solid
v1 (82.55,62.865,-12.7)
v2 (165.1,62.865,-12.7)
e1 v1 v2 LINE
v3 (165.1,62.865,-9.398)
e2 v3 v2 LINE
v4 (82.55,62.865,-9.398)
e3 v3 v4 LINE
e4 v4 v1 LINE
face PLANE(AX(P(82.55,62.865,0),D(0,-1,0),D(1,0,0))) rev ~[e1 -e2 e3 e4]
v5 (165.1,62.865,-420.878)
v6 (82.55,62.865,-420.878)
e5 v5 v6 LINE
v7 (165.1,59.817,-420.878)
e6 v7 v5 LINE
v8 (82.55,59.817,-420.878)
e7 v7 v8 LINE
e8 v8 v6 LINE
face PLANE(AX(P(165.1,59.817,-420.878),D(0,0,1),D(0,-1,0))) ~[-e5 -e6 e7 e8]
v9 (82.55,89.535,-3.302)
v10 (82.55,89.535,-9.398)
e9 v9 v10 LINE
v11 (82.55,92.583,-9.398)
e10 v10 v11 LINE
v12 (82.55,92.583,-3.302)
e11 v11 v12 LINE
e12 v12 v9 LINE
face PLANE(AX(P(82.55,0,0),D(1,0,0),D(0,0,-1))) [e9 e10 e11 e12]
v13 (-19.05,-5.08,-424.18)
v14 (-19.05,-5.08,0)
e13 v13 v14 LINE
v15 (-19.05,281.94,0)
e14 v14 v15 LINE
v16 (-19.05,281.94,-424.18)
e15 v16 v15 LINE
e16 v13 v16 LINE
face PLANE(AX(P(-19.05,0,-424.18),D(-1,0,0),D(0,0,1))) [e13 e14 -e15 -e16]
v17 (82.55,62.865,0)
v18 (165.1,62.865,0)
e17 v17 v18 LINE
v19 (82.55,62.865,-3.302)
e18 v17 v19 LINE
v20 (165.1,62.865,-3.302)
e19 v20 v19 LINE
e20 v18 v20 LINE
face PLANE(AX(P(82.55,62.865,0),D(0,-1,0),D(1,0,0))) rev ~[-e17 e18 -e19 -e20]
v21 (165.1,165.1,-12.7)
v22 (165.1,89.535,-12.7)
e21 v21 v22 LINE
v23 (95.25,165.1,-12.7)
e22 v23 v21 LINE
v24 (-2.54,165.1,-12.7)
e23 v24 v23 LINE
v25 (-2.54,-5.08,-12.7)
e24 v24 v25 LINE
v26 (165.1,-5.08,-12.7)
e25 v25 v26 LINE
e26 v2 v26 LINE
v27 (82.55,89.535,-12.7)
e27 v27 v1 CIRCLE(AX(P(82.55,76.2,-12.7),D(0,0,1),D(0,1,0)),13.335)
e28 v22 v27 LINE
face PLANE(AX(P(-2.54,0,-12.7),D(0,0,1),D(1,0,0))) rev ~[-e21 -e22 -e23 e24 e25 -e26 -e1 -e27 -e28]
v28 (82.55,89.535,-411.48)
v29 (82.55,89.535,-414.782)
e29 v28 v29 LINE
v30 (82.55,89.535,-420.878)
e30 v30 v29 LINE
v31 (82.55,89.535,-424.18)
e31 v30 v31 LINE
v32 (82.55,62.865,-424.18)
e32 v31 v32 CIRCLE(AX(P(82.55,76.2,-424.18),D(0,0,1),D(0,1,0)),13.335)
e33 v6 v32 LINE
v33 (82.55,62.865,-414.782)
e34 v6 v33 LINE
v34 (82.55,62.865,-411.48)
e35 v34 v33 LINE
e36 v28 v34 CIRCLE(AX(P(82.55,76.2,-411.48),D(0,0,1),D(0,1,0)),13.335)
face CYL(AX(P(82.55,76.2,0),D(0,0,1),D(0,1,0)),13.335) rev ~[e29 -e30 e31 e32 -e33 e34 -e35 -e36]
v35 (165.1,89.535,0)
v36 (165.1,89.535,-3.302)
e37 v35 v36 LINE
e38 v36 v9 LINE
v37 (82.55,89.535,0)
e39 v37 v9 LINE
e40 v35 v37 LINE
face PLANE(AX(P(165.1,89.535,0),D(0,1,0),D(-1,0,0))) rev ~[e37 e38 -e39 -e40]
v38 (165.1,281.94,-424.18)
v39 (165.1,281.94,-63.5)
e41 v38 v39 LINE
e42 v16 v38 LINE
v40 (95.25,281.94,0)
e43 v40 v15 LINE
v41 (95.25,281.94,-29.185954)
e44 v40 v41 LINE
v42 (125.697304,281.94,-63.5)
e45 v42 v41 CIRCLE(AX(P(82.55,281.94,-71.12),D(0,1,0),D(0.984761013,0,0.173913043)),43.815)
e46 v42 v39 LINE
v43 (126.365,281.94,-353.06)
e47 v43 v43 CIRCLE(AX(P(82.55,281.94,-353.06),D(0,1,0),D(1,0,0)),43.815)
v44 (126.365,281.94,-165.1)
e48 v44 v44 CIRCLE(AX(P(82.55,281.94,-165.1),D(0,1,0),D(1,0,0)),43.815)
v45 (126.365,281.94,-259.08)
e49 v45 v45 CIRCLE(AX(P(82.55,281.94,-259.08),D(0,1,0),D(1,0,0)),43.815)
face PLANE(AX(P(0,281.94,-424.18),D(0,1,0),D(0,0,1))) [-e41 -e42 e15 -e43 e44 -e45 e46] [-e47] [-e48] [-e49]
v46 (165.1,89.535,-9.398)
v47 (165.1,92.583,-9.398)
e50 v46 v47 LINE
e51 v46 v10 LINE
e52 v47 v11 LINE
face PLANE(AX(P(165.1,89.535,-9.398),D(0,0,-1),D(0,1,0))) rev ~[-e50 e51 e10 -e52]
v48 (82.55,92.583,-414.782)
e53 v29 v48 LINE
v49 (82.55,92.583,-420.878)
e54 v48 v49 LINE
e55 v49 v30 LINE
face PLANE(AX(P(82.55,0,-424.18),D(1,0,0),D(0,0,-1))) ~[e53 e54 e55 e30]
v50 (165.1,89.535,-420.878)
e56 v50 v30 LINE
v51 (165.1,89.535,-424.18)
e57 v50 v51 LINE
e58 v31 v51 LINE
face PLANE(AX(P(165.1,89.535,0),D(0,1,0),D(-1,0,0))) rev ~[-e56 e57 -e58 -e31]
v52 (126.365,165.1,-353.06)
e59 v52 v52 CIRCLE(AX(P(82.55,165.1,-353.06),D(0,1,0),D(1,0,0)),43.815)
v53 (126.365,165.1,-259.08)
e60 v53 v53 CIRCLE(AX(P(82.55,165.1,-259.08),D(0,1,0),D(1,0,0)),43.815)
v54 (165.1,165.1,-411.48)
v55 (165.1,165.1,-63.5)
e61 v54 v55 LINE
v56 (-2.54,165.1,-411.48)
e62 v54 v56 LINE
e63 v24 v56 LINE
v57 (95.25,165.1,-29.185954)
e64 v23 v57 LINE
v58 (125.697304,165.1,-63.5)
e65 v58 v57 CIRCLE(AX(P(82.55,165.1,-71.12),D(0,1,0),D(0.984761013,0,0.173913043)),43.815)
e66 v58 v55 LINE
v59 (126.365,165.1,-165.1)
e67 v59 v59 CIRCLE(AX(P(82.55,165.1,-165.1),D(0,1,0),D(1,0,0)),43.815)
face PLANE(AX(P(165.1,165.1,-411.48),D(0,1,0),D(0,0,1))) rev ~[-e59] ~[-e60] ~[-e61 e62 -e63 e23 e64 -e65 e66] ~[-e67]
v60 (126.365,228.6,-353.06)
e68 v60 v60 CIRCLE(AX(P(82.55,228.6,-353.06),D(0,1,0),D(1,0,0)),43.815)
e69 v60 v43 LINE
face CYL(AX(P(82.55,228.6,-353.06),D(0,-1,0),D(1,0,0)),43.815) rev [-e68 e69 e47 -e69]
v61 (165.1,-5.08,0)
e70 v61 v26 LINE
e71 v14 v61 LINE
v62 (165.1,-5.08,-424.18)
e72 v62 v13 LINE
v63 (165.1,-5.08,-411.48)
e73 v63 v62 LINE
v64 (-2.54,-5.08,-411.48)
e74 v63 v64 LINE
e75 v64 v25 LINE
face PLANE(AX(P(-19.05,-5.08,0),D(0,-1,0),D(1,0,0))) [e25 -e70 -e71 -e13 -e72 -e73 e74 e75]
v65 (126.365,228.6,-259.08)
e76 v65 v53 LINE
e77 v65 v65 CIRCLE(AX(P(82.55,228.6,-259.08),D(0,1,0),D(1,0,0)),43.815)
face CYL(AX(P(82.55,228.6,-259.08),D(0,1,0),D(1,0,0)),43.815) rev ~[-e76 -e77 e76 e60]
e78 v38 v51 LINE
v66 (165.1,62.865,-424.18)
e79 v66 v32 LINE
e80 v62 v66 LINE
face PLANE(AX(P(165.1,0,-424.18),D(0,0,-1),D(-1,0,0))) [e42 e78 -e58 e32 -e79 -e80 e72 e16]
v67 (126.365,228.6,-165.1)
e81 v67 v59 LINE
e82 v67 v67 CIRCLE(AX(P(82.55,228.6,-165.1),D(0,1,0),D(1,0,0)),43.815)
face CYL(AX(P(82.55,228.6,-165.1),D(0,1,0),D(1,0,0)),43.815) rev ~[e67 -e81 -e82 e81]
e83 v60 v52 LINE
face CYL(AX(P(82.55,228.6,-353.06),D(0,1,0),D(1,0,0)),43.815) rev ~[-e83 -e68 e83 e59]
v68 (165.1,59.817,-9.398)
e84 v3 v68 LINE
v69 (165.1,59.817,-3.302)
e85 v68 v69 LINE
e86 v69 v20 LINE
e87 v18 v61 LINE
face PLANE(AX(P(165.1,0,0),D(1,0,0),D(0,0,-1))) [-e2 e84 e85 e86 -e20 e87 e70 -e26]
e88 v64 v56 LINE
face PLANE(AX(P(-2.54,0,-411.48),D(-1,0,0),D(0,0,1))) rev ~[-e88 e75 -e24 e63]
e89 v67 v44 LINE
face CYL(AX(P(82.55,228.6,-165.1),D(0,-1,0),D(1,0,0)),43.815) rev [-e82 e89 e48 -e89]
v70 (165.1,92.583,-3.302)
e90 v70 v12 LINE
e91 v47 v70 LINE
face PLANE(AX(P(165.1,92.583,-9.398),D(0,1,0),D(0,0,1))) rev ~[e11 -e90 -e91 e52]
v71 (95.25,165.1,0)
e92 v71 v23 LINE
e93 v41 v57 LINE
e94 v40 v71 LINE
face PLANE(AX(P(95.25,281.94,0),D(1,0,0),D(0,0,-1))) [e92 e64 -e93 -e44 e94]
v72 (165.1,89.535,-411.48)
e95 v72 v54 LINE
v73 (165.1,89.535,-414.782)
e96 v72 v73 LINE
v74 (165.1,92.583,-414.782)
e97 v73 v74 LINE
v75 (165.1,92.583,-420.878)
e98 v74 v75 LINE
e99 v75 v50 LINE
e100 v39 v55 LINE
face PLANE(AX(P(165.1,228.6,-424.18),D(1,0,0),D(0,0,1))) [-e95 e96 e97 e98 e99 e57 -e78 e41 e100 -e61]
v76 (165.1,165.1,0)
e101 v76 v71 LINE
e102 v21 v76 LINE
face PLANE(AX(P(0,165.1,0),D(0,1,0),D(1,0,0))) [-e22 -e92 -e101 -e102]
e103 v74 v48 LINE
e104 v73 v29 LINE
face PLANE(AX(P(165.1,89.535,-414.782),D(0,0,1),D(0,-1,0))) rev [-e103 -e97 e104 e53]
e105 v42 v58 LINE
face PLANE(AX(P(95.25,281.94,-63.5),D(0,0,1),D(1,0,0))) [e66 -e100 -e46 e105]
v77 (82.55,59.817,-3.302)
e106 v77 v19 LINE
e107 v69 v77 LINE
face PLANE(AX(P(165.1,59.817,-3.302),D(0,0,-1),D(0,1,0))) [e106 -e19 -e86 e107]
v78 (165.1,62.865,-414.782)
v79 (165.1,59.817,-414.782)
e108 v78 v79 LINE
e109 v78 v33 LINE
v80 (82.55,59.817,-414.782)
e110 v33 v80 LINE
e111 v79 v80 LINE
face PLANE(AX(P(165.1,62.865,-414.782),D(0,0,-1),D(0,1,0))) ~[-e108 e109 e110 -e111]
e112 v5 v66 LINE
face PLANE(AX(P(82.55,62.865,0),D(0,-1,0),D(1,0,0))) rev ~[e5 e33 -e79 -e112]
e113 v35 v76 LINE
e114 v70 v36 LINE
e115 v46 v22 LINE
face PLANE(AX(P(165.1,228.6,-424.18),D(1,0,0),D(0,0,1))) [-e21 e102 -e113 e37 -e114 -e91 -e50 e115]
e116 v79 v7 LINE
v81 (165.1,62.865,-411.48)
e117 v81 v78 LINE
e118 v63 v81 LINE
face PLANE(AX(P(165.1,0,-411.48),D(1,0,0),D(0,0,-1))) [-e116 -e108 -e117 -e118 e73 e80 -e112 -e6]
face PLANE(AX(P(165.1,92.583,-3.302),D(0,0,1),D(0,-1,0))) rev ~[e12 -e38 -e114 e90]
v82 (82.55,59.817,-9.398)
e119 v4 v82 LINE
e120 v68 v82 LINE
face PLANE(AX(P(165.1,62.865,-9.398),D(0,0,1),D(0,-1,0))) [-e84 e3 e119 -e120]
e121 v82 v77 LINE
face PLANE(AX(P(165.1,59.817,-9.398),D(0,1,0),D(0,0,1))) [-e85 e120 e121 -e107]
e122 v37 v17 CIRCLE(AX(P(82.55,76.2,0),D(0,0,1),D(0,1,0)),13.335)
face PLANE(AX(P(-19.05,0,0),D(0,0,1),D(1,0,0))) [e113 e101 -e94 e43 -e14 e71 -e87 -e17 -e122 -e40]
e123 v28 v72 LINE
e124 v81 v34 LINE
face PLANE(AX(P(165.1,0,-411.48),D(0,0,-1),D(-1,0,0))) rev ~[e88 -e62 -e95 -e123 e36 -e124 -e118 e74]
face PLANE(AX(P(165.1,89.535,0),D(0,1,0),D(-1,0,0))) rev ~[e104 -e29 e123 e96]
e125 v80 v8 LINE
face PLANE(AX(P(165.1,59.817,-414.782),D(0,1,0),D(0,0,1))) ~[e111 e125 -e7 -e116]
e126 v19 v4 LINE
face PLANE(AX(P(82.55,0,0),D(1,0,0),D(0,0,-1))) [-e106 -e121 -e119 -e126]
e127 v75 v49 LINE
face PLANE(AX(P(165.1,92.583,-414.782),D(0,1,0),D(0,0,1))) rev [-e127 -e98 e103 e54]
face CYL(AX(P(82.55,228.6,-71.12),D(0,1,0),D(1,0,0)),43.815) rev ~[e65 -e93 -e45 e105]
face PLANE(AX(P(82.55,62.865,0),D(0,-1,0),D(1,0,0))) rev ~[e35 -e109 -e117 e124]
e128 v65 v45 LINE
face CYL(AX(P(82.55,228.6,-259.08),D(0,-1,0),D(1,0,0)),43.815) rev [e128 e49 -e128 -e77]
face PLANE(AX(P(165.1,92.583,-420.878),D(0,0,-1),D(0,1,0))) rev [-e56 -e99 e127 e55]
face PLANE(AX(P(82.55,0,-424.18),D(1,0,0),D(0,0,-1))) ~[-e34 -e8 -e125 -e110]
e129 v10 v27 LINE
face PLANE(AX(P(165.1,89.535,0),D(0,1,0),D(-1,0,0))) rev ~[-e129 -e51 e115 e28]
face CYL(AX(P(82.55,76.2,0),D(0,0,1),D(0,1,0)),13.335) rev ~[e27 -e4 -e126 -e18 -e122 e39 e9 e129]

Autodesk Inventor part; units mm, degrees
ref_plane "YZ Plane" through (0, 0, 0) normal (1, 0, 0) x (0, 1, 0)
ref_plane "XZ Plane" through (0, 0, 0) normal (0, 1, 0) x (-1, 0, 0)
sketch "Sketch1" plane through (0, 0, 0) normal (1, 0, 0) x (0, 1, 0)
  line L0 (0, 0) -> (228.6, 0)
  line L1 (228.6, 0) -> (228.6, -424.18)
  line L2 (228.6, -424.18) -> (0, -424.18)
  line L3 (0, -424.18) -> (0, 0)
  point P0 (0, 0)
  dimension "d0" = 424.18
  dimension "d1" = 228.6
extrude "Extrusion1" add sketch "Sketch1" along normal blind 165.1
sketch "Sketch2" plane through (165.1, 0, 0) normal (1, 0, 0) x (0, 0, -1)
  line L0 (0, 0) -> (424.18, 0) construction
  line L1 (12.7, 0) -> (411.48, 0)
  line L2 (411.48, 0) -> (411.48, 165.1)
  line L3 (411.48, 165.1) -> (12.7, 165.1)
  line L4 (12.7, 165.1) -> (12.7, 0)
  line L5 (0, 228.6) -> (0, 0) construction
  line L6 (424.18, 0) -> (424.18, 228.6) construction
  dimension "d4" = 398.78
  dimension "d5" = 165.1
  dimension "d6" = 12.7
  dimension "d7" = 12.7
extrude "Extrusion2" cut sketch "Sketch2" against normal blind 148.59
sketch "Sketch3" plane through (0, 0, 0) normal (0, 0, 1) x (1, 0, 0)
  line L0 (165.1, 228.6) -> (165.1, 0) projected
  line L1 (165.1, 89.535) -> (82.55, 89.535)
  line L2 (69.215, 89.535) -> (69.215, 62.865) construction
  line L3 (82.55, 62.865) -> (165.1, 62.865)
  line L4 (165.1, 62.865) -> (165.1, 89.535)
  line L5 (0, 0) -> (165.1, 0) projected
  arc A0 (82.55, 89.535) -> (82.55, 62.865) centre (82.55, 76.2) ccw
  dimension "d10" = 95.885
  dimension "d11" = 26.67
  dimension "d12" = 62.865
extrude "Extrusion3" cut sketch "Sketch3" against normal blind 457.2
sketch "Sketch4" plane through (0, 228.6, 0) normal (0, 1, 0) x (1, 0, 0)
  line L0 (165.1, 12.7) -> (165.1, 411.48) construction
  line L1 (165.1, 12.7) -> (16.51, 12.7) construction
  line L2 (16.51, 12.7) -> (16.51, 411.48) construction
  line L3 (165.1, 411.48) -> (16.51, 411.48) construction
  line L4 (0, 424.18) -> (165.1, 424.18) construction
  line L5 (0, 424.18) -> (165.1, 424.18) construction
  circle A0 centre (82.55, 353.06) radius 43.815
  line L6 (0, 0) -> (0, 424.18) construction
  circle A1 centre (82.55, 259.08) radius 43.815
  line L7 (0, 212.09) -> (165.1, 212.09) construction
  line L8 (165.1, 424.18) -> (165.1, 0) construction
  circle A2 centre (82.55, 71.12) radius 43.815
  circle A3 centre (82.55, 165.1) radius 43.815
  dimension "d15" = 87.63
  dimension "d16" = 82.55
  dimension "d17" = 58.42
  dimension "d18" = 87.63
  dimension "d19" = 93.98
  dimension "d20" = 82.55
extrude "Extrusion4" cut sketch "Sketch4" against normal blind 76.2
sketch "Sketch5" plane through (0, 228.6, 0) normal (0, 1, 0) x (1, 0, 0)
  circle A0 centre (82.55, 165.1) radius 43.815 projected
  circle A1 centre (82.55, 353.06) radius 43.815 projected
  circle A2 centre (82.55, 259.08) radius 43.815 projected
  circle A3 centre (82.55, 71.12) radius 43.815 projected
  line L0 (0, 0) -> (0, 424.18) projected
  line L1 (0, 0) -> (165.1, 0) projected
  line L2 (165.1, 424.18) -> (165.1, 0) projected
  line L3 (0, 424.18) -> (165.1, 424.18) projected
  point P0 (0, 0)
extrude "Extrusion5" add sketch "Sketch5" along normal blind 53.34
sketch "Sketch7" plane through (0, 0, 0) normal (-1, 0, 0) x (0, 0, 1)
  line L0 (0, 0) -> (0, 281.94) projected
  line L1 (-424.18, 281.94) -> (0, 281.94) projected
  line L2 (-424.18, 281.94) -> (-424.18, 0) projected
  line L3 (-424.18, 0) -> (0, 0) projected
  point P0 (0, 0)
extrude "Extrusion6" add sketch "Sketch7" along normal blind 19.05
sketch "Sketch8" plane through (16.51, 0, 0) normal (1, 0, 0) x (0, 0, -1)
  line L0 (411.48, 0) -> (12.7, 0) projected
  line L1 (411.48, 165.1) -> (411.48, 0) projected
  line L2 (12.7, 165.1) -> (411.48, 165.1) projected
  line L3 (12.7, 0) -> (12.7, 165.1) projected
  point P0 (0, 0)
extrude "Extrusion7" cut sketch "Sketch8" against normal blind 19.05
sketch "Sketch12" plane through (165.1, 0, 0) normal (1, 0, 0) x (0, 0, -1)
  line L0 (0, 89.535) -> (12.7, 89.535) construction
  line L1 (3.302, 89.535) -> (9.398, 89.535)
  line L2 (9.398, 89.535) -> (9.398, 92.583)
  line L3 (9.398, 92.583) -> (3.302, 92.583)
  line L4 (3.302, 92.583) -> (3.302, 89.535)
  line L5 (0, 89.535) -> (0, 281.94) construction
  line L6 (12.7, 89.535) -> (12.7, 62.865) construction
  line L7 (0, 89.535) -> (12.7, 89.535) construction
  line L8 (0, 62.865) -> (0, 89.535) construction
  line L9 (0, 62.865) -> (12.7, 62.865) construction
  line L10 (0, 62.865) -> (0, 89.535) construction
  line L11 (0, 76.2) -> (12.7, 76.2) construction
  line L12 (3.302, 62.865) -> (9.398, 62.865)
  line L13 (9.398, 62.865) -> (9.398, 59.817)
  line L14 (9.398, 59.817) -> (3.302, 59.817)
  line L15 (3.302, 59.817) -> (3.302, 62.865)
  point P0 (0, 0)
  dimension "d44" = 6.096
  dimension "d45" = 3.048
  dimension "d46" = 3.302
extrude "Extrusion11" cut sketch "Sketch12" against normal blind 82.55
sketch "Sketch13" plane through (-19.05, 0, 0) normal (0, -1, 0) x (1, 0, 0)
  line L0 (16.51, -12.7) -> (184.15, -12.7) projected
  line L1 (184.15, 0) -> (184.15, -12.7) projected
  line L2 (0, 0) -> (184.15, 0) projected
  line L3 (0, -424.18) -> (0, 0) projected
  line L4 (184.15, -424.18) -> (0, -424.18) projected
  line L5 (184.15, -411.48) -> (184.15, -424.18) projected
  line L6 (184.15, -411.48) -> (16.51, -411.48) projected
  line L7 (16.51, -411.48) -> (16.51, -12.7) projected
  point P0 (19.05, 0)
extrude "Extrusion12" add sketch "Sketch13" along normal blind 5.08
ref_plane "Work Plane1" through (82.55, 89.535, -212.09) normal (0, 0, 1) x (1, 0, 0)
mirror "Mirror1" about plane through (82.55, 89.535, -212.09) normal (0, 0, 1) of "Extrusion11"
sketch "Sketch21" plane through (0, 281.94, 0) normal (0, 1, 0) x (1, 0, 0)
  line L0 (165.1, 0) -> (95.25, 0)
  line L1 (95.25, 0) -> (95.25, 63.5)
  line L2 (95.25, 63.5) -> (165.1, 63.5)
  line L3 (165.1, 63.5) -> (165.1, 0)
  point P0 (0, 0)
  point P1 (165.1, 0)
  dimension "d70" = 63.5
  dimension "d71" = 69.85
extrude "Extrusion18" cut sketch "Sketch21" against normal blind 116.84
sketch "Sketch9" plane through (0, 281.94, 0) normal (0, 1, 0) x (1, 0, 0)
  line L0 (146.05, 19.05) -> (146.05, 405.13)
  line L1 (0, 405.13) -> (0, 19.05)
  line L2 (165.1, 424.18) -> (-19.05, 424.18) construction
  line L3 (-19.05, 0) -> (-19.05, 424.18) construction
  line L4 (165.1, 0) -> (165.1, 424.18) construction
  line L5 (165.1, 0) -> (-19.05, 0) construction
  circle A0 centre (82.55, 71.12) radius 43.815 construction
  circle A1 centre (82.55, 259.08) radius 43.815 construction
  circle A2 centre (82.55, 353.06) radius 43.815 construction
  circle A3 centre (82.55, 165.1) radius 43.815 construction
  line L6 (165.1, 0) -> (-19.05, 0) construction
  line L7 (165.1, 0) -> (165.1, 424.18) construction
  line L8 (165.1, 424.18) -> (-19.05, 424.18) construction
  line L9 (-19.05, 0) -> (-19.05, 424.18) construction
  line L10 (146.05, 405.13) -> (117.7739, 405.13)
  line L11 (47.3261, 405.13) -> (0, 405.13)
  arc A4 (47.3261, 405.13) -> (40.7894, 306.07) centre (82.55, 353.06) ccw
  arc A5 (124.3106, 306.07) -> (117.7739, 405.13) centre (82.55, 353.06) ccw
  arc A6 (40.7894, 306.07) -> (40.7894, 212.09) centre (82.55, 259.08) ccw
  arc A7 (124.3106, 212.09) -> (107.2668, 316.8822) centre (82.55, 259.08) ccw
  arc A8 (40.7894, 212.09) -> (40.7894, 118.11) centre (82.55, 165.1) ccw
  arc A9 (124.3106, 118.11) -> (124.3106, 212.09) centre (82.55, 165.1) ccw
  line L12 (0, 19.05) -> (47.3261, 19.05)
  line L13 (117.7739, 19.05) -> (146.05, 19.05)
  arc A10 (40.7894, 118.11) -> (47.3261, 19.05) centre (82.55, 71.12) ccw
  arc A11 (117.7739, 19.05) -> (124.3106, 118.11) centre (82.55, 71.12) ccw
  point P0 (0, 0)
  dimension "d30" = 19.05
  dimension "d31" = 19.05
sketch "Sketch10" plane through (0, 281.94, -19.05) normal (1, 0, 0) x (0, 0, -1)
  line L0 (405.13, 0) -> (405.13, -281.94) projected
  line L1 (-19.05, 0) -> (405.13, 0) projected
  line L2 (405.13, -101.6) -> (-19.05, -101.6)
  line L3 (-19.05, -101.6) -> (-19.05, 0)
  line L4 (-19.05, 0) -> (405.13, 0)
  line L5 (405.13, 0) -> (405.13, -101.6)
  line L6 (0, 0) -> (386.08, 0) projected
  line L7 (0, 0) -> (0, -101.6) projected
  line L8 (0, -101.6) -> (386.08, -101.6) projected
  line L9 (386.08, 0) -> (386.08, -101.6) projected
  point P0 (-19.05, -281.94)
  dimension "d39" = 0
sketch "Sketch11" plane through (0, 281.94, 0) normal (0, 1, 0) x (1, 0, 0)
  circle A0 centre (82.55, 71.12) radius 43.815 construction
  line L0 (19.05, 19.05) -> (19.05, 0) projected
  line L1 (19.05, 0) -> (47.3261, 0)
  line L2 (47.3261, 0) -> (47.3261, 19.05)
  line L3 (47.3261, 19.05) -> (19.05, 19.05)
  line L4 (19.05, 19.05) -> (19.05, 0)
  line L5 (165.1, 424.18) -> (19.05, 424.18) projected
  line L6 (47.3261, 405.13) -> (19.05, 405.13)
  line L7 (19.05, 405.13) -> (19.05, 424.18)
  line L8 (19.05, 424.18) -> (47.3261, 424.18)
  line L9 (47.3261, 424.18) -> (47.3261, 405.13)
  point P0 (0, 0)
properties part number "Engine Block"
